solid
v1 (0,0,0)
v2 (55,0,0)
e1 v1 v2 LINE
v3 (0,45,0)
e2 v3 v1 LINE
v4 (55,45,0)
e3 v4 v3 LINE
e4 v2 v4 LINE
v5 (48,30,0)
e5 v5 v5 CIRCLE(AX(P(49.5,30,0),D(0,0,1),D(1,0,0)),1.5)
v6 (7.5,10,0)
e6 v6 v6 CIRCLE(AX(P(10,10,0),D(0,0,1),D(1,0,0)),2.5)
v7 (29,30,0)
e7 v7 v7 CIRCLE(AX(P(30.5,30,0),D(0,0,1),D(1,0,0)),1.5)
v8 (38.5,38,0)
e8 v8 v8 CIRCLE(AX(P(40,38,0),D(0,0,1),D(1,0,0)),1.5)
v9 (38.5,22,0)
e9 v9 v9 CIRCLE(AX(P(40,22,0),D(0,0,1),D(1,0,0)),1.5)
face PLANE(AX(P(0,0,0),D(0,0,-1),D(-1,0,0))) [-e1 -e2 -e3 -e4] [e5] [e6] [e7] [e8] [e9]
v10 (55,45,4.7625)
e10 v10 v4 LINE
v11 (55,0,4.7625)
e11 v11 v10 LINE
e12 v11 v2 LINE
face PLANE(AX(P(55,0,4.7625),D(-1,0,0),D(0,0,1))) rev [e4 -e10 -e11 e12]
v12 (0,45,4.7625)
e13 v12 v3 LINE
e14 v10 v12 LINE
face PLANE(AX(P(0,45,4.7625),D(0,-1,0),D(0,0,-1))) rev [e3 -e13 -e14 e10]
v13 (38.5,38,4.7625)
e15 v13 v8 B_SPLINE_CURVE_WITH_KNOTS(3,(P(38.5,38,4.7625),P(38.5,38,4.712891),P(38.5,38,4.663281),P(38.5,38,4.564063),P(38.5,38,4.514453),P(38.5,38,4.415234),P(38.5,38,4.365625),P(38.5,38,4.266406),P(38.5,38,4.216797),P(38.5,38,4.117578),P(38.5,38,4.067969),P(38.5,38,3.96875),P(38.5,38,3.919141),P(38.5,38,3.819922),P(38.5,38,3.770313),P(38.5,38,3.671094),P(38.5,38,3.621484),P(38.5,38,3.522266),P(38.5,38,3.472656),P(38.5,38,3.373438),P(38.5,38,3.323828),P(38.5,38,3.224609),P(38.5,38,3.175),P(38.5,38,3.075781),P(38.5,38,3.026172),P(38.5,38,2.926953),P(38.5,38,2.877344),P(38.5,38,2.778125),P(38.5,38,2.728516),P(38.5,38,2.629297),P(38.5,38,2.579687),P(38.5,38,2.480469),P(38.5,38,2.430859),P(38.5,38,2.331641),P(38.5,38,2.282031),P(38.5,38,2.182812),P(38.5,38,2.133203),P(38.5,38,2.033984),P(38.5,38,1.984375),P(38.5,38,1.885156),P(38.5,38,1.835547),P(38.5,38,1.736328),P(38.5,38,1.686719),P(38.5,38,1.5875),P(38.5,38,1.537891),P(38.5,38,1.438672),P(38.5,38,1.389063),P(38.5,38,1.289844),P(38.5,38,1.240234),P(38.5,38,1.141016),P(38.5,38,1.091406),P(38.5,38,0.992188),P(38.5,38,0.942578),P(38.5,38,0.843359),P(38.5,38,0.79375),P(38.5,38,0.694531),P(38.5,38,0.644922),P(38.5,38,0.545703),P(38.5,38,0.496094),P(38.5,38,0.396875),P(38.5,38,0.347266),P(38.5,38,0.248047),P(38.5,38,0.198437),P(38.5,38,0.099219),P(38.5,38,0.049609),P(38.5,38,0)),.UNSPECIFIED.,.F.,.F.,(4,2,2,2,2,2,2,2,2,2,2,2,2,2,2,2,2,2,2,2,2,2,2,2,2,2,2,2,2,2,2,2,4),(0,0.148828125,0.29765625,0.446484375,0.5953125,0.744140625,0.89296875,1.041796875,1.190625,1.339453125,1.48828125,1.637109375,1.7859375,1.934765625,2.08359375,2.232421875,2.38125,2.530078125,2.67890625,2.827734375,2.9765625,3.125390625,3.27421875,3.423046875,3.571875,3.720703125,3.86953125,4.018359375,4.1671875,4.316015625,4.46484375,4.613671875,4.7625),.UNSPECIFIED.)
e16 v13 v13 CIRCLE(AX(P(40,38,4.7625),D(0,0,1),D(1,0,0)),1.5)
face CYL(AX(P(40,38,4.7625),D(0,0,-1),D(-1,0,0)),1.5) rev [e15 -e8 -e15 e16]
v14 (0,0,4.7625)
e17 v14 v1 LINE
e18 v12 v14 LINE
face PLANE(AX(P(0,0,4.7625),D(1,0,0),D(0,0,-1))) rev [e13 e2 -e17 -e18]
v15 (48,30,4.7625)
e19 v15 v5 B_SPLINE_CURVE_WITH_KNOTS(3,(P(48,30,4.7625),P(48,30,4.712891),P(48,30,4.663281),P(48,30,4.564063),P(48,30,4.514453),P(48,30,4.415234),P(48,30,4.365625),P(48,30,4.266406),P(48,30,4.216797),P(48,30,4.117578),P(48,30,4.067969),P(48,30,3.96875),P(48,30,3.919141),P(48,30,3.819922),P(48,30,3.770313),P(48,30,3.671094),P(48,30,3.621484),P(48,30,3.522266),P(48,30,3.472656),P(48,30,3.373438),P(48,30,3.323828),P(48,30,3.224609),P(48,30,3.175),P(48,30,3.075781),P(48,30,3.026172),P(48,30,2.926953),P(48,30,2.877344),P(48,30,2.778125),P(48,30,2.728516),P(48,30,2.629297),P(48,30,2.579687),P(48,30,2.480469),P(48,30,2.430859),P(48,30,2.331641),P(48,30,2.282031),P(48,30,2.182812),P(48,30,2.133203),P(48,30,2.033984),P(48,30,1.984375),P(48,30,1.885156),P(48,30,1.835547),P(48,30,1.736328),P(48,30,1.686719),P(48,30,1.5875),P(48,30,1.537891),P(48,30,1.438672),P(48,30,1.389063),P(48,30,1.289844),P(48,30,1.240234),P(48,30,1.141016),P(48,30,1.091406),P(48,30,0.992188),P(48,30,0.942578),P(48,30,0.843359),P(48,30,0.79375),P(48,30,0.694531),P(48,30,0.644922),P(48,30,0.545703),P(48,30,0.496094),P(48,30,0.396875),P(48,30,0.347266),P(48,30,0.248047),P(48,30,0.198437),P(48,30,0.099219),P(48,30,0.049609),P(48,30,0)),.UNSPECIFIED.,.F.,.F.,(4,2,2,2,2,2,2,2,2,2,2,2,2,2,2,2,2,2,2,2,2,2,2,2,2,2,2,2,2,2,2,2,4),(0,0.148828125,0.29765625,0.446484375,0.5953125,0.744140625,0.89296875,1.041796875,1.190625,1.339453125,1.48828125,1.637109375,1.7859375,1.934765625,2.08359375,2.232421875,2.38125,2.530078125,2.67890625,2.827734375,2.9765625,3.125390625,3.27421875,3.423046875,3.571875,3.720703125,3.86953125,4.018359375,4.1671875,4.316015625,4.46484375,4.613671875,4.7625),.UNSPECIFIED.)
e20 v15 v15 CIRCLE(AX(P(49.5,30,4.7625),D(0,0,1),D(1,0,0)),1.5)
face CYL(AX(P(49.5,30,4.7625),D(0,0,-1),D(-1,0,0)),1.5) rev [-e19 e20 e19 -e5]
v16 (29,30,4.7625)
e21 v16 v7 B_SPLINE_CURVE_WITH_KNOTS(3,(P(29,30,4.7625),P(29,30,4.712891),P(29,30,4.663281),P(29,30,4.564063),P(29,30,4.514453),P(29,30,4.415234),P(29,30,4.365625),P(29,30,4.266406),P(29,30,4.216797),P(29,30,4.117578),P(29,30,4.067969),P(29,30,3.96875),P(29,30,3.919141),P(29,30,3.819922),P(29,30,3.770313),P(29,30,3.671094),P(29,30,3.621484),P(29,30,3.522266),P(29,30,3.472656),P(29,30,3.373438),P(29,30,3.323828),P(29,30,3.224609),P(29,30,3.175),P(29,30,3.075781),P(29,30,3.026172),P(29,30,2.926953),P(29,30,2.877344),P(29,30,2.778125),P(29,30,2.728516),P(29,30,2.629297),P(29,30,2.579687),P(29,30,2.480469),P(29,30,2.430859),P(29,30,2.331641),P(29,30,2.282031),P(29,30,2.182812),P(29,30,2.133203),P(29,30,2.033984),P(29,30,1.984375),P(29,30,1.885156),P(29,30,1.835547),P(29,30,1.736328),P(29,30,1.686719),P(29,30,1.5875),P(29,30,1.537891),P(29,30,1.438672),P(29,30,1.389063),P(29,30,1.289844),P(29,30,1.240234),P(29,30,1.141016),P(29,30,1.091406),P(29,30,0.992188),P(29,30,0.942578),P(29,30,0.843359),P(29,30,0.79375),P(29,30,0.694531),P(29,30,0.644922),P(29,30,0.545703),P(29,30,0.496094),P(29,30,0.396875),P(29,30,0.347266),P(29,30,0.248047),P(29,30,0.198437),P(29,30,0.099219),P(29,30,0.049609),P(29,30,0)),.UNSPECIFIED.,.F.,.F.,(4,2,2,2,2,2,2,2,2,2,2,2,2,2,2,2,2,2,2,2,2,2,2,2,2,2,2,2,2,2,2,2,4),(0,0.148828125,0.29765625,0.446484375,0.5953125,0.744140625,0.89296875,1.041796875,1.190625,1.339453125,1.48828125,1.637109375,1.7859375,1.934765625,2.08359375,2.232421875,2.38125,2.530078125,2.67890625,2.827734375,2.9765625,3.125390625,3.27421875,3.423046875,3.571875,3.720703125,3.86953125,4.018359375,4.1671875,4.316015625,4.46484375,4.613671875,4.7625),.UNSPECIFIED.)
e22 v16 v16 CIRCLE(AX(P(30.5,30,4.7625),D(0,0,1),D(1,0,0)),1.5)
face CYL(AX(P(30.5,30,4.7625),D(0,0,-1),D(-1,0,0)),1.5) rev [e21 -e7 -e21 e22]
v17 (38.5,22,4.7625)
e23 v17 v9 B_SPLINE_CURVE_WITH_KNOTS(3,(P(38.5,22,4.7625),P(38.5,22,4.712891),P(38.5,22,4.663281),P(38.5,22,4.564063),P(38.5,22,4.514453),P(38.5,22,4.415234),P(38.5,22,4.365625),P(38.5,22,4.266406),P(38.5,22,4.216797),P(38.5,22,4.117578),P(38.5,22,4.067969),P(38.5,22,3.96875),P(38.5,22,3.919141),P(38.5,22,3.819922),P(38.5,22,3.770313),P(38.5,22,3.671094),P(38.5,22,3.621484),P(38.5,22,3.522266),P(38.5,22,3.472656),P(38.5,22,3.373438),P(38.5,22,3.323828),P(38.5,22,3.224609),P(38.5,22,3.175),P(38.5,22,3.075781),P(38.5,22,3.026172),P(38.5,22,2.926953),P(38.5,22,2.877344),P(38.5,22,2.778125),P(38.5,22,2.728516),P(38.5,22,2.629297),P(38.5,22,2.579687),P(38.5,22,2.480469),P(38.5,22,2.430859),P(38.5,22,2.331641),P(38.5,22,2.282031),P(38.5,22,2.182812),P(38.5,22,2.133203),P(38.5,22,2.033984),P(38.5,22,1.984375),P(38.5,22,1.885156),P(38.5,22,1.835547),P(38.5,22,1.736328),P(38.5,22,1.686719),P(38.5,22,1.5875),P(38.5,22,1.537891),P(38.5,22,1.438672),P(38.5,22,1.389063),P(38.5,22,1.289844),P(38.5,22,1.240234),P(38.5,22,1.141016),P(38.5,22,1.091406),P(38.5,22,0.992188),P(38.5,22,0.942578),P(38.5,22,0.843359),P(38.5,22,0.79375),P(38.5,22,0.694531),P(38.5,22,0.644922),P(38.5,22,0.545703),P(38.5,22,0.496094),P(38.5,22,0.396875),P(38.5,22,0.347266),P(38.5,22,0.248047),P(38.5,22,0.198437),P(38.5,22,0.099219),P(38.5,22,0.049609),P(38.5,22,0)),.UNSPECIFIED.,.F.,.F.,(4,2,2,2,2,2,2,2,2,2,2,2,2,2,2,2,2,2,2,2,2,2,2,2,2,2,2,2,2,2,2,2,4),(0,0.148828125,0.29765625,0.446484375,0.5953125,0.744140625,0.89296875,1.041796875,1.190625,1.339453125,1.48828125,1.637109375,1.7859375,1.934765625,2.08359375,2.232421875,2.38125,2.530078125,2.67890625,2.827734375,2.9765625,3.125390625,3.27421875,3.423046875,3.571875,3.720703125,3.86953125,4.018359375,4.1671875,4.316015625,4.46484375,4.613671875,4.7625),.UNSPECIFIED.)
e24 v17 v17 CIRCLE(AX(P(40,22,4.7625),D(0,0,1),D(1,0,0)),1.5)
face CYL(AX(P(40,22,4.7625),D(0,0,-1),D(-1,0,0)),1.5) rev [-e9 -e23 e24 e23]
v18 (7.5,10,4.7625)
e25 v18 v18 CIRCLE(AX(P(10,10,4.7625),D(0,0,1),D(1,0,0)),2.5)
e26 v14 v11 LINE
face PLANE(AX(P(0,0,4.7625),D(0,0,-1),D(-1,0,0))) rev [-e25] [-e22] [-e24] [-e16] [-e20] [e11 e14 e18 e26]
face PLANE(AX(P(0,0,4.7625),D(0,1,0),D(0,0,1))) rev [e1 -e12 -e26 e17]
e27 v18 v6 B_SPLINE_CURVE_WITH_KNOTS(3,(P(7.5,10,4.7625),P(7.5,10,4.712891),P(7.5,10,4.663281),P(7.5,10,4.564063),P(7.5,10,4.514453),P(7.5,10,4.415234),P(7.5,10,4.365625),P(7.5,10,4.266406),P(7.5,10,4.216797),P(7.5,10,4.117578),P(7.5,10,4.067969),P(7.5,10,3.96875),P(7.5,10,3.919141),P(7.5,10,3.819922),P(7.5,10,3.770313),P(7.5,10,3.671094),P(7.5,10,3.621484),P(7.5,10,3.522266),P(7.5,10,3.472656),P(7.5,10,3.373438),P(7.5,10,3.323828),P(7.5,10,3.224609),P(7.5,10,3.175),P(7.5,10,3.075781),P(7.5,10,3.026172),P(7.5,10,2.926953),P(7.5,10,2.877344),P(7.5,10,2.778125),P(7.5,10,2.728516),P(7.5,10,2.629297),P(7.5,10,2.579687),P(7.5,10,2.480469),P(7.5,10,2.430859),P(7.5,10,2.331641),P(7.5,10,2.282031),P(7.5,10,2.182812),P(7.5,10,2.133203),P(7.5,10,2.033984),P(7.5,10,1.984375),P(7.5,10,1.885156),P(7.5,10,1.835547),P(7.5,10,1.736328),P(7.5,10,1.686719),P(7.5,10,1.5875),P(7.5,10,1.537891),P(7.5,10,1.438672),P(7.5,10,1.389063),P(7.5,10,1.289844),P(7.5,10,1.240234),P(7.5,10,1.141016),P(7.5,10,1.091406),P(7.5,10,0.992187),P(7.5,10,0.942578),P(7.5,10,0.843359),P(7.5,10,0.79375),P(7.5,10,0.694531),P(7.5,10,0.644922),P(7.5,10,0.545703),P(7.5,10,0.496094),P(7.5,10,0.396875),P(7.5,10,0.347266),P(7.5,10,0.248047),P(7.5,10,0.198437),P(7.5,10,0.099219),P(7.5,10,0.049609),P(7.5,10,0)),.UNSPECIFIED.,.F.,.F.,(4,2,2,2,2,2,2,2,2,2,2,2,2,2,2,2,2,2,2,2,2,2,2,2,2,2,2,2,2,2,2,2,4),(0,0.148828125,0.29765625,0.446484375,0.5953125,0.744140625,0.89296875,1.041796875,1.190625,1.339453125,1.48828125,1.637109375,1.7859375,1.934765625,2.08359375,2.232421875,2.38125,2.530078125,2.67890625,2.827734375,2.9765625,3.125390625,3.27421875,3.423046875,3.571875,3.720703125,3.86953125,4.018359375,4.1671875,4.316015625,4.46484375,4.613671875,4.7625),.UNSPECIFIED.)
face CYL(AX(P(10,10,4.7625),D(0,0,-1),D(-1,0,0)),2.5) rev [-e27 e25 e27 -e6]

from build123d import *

# Parameters (mm, degrees)
SKETCH1_W           = 55
SKETCH1_H           = 45
SKETCH1_R           = 2.5
SKETCH1_R_2         = 1.5
BOSS_EXTRUDE1_DEPTH = 4.7625


with BuildPart() as part:
    # Sketch1 → Boss-Extrude1 (new body)
    with BuildSketch(Plane.XY):
        with Locations((27.5, 22.5)):
            Rectangle(SKETCH1_W, SKETCH1_H)
        with Locations(Location((10, 10, 0), (0, 0, 180))):
            Circle(SKETCH1_R, mode=Mode.SUBTRACT)
        with Locations(Location((30.5, 30, 0), (0, 0, 180))):
            Circle(SKETCH1_R_2, mode=Mode.SUBTRACT)
        with Locations(Location((49.5, 30, 0), (0, 0, 180))):
            Circle(SKETCH1_R_2, mode=Mode.SUBTRACT)
        with Locations(Location((40, 38, 0), (0, 0, 180))):
            Circle(SKETCH1_R_2, mode=Mode.SUBTRACT)
        with Locations(Location((40, 22, 0), (0, 0, 180))):
            Circle(SKETCH1_R_2, mode=Mode.SUBTRACT)
    extrude(amount=BOSS_EXTRUDE1_DEPTH)


solid = part.part
